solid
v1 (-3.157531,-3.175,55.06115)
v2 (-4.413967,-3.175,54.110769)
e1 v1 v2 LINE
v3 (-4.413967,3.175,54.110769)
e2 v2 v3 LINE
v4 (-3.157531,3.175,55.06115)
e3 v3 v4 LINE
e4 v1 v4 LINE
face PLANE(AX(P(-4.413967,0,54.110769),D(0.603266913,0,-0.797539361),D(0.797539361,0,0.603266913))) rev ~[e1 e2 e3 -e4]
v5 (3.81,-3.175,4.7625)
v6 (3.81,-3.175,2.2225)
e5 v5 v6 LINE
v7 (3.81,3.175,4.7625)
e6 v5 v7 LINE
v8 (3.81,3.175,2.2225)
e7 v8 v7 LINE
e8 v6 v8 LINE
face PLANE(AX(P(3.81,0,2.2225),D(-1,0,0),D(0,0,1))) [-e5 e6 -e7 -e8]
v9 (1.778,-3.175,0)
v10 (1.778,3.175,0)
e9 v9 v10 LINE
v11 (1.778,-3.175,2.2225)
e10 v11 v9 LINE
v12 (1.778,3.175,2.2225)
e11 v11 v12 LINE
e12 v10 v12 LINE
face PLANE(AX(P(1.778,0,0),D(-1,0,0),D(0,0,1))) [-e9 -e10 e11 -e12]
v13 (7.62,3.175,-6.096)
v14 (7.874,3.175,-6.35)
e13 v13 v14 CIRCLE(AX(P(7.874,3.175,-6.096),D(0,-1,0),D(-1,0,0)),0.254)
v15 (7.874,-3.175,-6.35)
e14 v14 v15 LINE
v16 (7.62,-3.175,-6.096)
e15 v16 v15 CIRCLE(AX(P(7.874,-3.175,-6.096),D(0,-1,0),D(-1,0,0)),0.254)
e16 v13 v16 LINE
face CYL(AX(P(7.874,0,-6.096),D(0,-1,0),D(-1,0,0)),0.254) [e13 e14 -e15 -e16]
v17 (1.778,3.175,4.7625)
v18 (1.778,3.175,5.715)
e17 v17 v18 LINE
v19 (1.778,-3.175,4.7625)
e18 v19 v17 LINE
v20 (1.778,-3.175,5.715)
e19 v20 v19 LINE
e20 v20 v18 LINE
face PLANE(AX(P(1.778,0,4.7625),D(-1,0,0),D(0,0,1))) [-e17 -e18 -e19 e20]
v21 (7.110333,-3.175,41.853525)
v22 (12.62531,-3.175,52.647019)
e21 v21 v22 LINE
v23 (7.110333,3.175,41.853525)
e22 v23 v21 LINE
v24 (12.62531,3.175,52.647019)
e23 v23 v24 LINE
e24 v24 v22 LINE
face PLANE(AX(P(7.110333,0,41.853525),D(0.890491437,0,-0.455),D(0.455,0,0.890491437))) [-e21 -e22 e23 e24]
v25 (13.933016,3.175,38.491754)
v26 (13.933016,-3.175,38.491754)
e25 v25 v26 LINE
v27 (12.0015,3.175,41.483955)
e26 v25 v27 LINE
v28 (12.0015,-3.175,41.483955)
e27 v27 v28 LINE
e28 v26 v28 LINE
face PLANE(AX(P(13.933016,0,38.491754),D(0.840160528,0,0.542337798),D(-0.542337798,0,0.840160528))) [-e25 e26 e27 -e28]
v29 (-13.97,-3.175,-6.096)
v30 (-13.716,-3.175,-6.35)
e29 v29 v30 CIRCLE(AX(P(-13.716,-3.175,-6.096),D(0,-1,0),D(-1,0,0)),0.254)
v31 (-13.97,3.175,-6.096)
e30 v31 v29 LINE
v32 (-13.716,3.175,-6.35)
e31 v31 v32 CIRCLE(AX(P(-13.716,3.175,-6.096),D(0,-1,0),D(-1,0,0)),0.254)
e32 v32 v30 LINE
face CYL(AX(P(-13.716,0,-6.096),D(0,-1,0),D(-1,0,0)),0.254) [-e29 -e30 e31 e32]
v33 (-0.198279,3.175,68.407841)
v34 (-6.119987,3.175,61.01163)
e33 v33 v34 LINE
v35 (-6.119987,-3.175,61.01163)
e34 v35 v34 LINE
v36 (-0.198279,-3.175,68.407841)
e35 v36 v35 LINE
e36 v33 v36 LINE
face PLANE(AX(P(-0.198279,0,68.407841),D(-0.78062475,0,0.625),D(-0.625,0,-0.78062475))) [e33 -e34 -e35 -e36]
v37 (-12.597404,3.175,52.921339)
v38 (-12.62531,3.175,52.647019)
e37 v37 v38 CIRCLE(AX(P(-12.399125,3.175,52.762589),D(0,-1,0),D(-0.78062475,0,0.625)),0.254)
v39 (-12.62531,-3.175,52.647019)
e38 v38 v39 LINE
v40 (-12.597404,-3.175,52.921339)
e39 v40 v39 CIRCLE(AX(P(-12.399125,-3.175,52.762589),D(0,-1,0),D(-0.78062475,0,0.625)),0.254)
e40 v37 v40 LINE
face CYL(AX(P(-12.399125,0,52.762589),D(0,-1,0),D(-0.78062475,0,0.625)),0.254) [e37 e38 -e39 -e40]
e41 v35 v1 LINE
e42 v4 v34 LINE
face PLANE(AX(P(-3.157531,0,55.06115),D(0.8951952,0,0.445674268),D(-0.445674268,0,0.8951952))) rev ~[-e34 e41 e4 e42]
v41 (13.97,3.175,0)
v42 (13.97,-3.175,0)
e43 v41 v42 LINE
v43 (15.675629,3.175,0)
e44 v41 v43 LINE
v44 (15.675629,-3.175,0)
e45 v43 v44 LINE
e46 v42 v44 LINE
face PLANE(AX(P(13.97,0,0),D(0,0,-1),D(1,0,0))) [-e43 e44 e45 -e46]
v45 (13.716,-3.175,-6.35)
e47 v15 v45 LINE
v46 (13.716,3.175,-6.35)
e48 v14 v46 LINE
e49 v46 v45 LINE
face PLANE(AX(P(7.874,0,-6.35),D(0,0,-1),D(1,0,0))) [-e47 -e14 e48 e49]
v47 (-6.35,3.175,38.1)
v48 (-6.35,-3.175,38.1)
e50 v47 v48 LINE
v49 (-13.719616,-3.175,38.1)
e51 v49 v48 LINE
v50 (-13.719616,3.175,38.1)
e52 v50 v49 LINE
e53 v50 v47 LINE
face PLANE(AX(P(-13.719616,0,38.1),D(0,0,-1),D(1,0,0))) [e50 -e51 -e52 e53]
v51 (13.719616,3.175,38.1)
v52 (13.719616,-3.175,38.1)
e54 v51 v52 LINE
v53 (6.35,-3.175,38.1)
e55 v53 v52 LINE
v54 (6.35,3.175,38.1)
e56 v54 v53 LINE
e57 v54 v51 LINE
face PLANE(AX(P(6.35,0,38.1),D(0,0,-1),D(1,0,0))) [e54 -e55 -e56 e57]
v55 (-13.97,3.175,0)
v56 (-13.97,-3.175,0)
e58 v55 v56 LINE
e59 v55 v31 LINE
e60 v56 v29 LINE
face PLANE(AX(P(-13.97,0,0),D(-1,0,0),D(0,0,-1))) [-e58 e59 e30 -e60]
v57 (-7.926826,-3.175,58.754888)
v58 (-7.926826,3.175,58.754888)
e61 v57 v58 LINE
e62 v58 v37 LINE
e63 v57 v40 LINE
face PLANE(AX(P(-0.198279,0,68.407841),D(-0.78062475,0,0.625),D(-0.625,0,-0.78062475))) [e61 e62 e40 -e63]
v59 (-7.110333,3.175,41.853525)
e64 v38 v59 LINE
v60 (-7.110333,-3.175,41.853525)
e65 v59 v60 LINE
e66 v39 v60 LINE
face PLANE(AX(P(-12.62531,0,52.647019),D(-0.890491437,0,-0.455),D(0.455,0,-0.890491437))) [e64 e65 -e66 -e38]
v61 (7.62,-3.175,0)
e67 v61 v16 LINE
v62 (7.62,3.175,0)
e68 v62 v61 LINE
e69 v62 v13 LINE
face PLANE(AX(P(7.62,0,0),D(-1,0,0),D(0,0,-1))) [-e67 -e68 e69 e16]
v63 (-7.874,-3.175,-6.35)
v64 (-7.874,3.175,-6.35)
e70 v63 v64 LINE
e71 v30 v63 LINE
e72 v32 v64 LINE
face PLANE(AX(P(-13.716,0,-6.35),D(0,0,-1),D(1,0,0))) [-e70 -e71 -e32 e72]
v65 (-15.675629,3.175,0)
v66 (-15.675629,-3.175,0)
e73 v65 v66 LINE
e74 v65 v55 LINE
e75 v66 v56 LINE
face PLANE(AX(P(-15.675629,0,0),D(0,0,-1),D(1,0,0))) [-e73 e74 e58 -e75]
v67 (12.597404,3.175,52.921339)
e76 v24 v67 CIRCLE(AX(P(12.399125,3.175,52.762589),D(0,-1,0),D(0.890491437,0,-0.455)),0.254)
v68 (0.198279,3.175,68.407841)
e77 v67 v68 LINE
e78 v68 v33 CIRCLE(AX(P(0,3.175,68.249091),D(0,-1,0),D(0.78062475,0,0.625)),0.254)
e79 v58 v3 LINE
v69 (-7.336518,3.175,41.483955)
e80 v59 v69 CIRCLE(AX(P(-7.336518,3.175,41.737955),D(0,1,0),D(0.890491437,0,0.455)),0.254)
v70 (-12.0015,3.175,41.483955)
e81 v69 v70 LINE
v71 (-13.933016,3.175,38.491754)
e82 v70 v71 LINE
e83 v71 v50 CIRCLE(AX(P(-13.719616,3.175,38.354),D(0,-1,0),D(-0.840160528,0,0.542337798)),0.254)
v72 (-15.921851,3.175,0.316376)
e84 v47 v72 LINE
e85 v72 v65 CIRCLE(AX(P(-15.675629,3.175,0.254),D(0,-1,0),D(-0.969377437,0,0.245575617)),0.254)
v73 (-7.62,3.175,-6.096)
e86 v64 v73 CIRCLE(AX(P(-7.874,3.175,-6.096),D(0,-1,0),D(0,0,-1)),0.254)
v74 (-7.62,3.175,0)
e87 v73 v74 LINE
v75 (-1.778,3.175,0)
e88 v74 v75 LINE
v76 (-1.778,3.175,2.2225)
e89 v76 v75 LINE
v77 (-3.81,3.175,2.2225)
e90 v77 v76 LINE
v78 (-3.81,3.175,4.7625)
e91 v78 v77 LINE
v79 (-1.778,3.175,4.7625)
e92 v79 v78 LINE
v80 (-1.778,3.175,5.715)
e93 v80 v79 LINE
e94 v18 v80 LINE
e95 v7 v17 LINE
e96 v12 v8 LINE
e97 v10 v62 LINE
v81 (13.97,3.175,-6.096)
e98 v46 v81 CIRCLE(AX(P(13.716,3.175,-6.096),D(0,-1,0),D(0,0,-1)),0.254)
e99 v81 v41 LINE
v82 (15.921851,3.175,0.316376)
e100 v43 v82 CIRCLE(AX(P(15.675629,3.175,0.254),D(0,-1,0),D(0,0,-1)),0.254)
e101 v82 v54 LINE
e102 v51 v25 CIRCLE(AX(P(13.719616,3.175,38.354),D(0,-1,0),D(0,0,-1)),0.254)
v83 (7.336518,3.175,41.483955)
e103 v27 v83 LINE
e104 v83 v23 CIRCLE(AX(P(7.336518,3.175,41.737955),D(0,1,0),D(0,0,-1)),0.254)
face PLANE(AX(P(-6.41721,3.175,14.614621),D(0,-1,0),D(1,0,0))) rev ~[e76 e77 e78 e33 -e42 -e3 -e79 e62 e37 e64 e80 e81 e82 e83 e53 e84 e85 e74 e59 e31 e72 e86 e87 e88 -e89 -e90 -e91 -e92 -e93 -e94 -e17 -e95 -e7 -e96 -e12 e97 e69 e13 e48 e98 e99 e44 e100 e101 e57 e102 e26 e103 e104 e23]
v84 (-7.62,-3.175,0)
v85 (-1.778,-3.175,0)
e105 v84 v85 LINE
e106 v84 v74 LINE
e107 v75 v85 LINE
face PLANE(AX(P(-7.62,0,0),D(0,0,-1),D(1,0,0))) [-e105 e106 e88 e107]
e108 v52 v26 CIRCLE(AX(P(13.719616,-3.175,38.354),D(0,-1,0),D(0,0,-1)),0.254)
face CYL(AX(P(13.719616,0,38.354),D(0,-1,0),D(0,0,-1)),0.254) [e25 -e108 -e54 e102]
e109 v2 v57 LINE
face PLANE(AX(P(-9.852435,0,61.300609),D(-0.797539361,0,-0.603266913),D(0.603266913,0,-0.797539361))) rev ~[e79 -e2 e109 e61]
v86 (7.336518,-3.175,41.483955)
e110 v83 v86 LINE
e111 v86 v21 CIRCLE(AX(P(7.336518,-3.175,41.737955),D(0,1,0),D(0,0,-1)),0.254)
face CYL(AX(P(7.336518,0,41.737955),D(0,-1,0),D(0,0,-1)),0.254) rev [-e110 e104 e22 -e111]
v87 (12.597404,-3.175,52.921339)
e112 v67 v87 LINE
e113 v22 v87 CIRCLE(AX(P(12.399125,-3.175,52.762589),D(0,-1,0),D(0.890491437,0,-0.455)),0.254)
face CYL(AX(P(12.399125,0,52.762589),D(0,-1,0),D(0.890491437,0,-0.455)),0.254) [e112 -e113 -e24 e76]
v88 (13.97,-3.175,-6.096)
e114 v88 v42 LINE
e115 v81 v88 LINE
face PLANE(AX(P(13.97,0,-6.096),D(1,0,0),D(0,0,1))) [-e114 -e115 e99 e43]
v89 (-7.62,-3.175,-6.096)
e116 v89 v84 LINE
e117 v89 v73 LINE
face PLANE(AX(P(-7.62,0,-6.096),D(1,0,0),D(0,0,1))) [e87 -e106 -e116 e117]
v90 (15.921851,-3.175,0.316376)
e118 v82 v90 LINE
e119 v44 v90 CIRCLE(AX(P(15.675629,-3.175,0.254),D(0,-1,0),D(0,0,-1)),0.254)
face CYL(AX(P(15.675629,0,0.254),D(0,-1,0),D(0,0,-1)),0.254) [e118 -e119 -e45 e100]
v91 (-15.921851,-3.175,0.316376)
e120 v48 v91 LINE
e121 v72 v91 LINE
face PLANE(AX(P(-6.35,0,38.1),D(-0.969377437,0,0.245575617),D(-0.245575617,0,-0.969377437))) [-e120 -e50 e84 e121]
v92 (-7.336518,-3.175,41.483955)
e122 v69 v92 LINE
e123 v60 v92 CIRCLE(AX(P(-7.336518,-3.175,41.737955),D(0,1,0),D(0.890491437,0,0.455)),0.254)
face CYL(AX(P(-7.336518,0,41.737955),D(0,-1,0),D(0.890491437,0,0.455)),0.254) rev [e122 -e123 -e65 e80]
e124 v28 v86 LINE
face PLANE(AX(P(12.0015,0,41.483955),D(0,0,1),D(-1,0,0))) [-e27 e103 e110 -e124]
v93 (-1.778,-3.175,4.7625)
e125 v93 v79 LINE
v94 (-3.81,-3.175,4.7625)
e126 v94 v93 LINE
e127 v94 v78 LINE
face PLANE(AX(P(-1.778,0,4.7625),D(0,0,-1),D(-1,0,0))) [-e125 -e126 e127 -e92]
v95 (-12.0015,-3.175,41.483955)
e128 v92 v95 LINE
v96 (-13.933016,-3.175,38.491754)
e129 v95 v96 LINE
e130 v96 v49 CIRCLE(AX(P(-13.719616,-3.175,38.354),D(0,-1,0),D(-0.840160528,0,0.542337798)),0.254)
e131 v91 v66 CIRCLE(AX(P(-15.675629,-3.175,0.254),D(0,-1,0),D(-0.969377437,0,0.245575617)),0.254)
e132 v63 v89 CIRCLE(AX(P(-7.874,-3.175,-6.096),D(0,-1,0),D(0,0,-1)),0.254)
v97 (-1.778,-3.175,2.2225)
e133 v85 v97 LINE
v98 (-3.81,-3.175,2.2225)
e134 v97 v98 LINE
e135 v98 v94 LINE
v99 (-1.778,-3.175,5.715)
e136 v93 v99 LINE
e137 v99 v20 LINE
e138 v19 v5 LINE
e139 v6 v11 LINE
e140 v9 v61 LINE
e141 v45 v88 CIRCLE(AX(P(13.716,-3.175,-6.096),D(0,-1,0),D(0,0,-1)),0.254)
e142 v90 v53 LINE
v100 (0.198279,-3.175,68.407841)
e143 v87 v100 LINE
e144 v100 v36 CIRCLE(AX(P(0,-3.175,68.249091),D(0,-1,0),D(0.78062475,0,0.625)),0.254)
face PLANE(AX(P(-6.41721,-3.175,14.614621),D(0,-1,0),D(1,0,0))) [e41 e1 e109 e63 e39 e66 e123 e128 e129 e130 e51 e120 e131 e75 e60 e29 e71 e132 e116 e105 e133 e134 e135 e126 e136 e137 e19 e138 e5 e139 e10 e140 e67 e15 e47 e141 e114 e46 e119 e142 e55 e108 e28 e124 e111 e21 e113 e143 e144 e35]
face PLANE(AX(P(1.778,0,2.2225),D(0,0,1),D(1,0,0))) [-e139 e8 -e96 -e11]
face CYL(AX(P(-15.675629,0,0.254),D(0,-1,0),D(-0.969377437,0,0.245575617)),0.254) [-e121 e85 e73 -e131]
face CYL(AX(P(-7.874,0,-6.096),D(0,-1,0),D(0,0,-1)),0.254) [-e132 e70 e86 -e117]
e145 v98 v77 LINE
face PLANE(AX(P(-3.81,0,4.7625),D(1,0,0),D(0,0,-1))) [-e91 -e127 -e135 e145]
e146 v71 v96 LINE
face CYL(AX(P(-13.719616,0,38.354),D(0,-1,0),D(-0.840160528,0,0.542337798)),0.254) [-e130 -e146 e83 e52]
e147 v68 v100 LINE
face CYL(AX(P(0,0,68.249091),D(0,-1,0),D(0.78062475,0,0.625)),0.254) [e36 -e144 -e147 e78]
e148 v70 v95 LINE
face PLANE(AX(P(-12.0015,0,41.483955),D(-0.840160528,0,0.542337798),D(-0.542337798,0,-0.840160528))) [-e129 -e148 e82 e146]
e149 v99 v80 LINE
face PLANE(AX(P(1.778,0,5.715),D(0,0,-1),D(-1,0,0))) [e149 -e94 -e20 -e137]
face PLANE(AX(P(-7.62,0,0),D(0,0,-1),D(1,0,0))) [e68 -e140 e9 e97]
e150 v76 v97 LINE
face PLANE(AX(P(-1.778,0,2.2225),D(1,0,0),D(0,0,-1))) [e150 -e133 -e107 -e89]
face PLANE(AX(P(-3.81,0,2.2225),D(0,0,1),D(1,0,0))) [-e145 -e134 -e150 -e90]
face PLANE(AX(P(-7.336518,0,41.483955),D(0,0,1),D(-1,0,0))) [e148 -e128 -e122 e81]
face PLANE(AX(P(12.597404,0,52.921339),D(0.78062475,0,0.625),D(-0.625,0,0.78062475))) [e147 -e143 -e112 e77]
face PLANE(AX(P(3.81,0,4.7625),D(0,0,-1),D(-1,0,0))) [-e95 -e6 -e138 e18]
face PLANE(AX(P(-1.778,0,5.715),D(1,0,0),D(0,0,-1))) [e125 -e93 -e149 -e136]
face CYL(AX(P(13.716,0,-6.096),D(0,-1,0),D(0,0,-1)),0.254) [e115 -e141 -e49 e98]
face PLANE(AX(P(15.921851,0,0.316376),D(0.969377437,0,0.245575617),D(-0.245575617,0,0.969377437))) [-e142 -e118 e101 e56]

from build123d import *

# Parameters (mm, degrees)
F1_DEPTH      = 3.175
F1_DEPTH_BACK = 3.175
F3_DEPTH      = 25.4
F3_DEPTH_BACK = 25.4
F5_DEPTH      = 25.4
F5_DEPTH_BACK = 25.4


with BuildPart() as f1:
    # F0 (on Front) → F1 (new body, two sides)
    with BuildSketch(Plane.XZ) as f1_sk:
        with BuildLine():
            Line((-7.62, 0), (0, 0))
            Line((0, 0), (0, 38.1))
            Line((0, 38.1), (-6.35, 38.1))
            Line((-6.35, 38.1), (-15.9218513609, 0.3163762068))
            ThreePointArc((-15.9218513609, 0.3163762068), (-15.8760784336, 0.0979992893), (-15.6756294918, 0))
            Line((-15.6756294918, 0), (-13.97, 0))
            Line((-13.97, 0), (-13.97, -6.096))
            ThreePointArc((-13.97, -6.096), (-13.8956051224, -6.2756051224), (-13.716, -6.35))
            Line((-13.716, -6.35), (-7.874, -6.35))
            ThreePointArc((-7.874, -6.35), (-7.6943948776, -6.2756051224), (-7.62, -6.096))
            Line((-7.62, -6.096), (-7.62, 0))
        make_face()
        with BuildLine():
            Line((0, 38.1), (0, 0))
            Line((0, 0), (7.62, 0))
            Line((7.62, 0), (7.62, -6.096))
            ThreePointArc((7.62, -6.096), (7.6943948776, -6.2756051224), (7.874, -6.35))
            Line((7.874, -6.35), (13.716, -6.35))
            ThreePointArc((13.716, -6.35), (13.8956051224, -6.2756051224), (13.97, -6.096))
            Line((13.97, -6.096), (13.97, 0))
            Line((13.97, 0), (15.6756294918, 0))
            ThreePointArc((15.6756294918, 0), (15.8760784336, 0.0979992893), (15.9218513609, 0.3163762068))
            Line((15.9218513609, 0.3163762068), (6.35, 38.1))
            Line((6.35, 38.1), (0, 38.1))
        make_face()
        with BuildLine():
            Line((-6.35, 38.1), (0, 38.1))
            Line((0, 38.1), (6.35, 38.1))
            Line((6.35, 38.1), (12.0015, 38.1))
            Line((12.0015, 38.1), (12.0015, 41.4839549129))
            Line((12.0015, 41.4839549129), (7.3365180277, 41.4839549129))
            ThreePointArc((7.3365180277, 41.4839549129), (7.1198722569, 41.6053630202), (7.1103332026, 41.8535249129))
            Line((7.1103332026, 41.8535249129), (12.6253100407, 52.6470186525))
            ThreePointArc((12.6253100407, 52.6470186525), (12.6518210481, 52.7882949989), (12.5974039021, 52.9213386525))
            Line((12.5974039021, 52.9213386525), (0.1982786864, 68.4078410832))
            ThreePointArc((0.1982786864, 68.4078410832), (0, 68.5030910832), (-0.1982786864, 68.4078410832))
            Line((-0.1982786864, 68.4078410832), (-12.5974039021, 52.9213386525))
            ThreePointArc((-12.5974039021, 52.9213386525), (-12.6518210481, 52.7882949989), (-12.6253100407, 52.6470186525))
            Line((-12.6253100407, 52.6470186525), (-7.1103332026, 41.8535249129))
            ThreePointArc((-7.1103332026, 41.8535249129), (-7.1198722569, 41.6053630202), (-7.3365180277, 41.4839549129))
            Line((-7.3365180277, 41.4839549129), (-12.0015, 41.4839549129))
            Line((-12.0015, 41.4839549129), (-12.0015, 38.1))
            Line((-12.0015, 38.1), (-6.35, 38.1))
        make_face()
        with BuildLine():
            Line((-13.7196155367, 38.1), (-12.0015, 38.1))
            Line((-12.0015, 38.1), (-12.0015, 41.4839549129))
            Line((-12.0015, 41.4839549129), (-13.9330163108, 38.4917538008))
            ThreePointArc((-13.9330163108, 38.4917538008), (-13.9426687427, 38.2324958136), (-13.7196155367, 38.1))
        make_face()
        with BuildLine():
            Line((12.0015, 41.4839549129), (12.0015, 38.1))
            Line((12.0015, 38.1), (13.7196155367, 38.1))
            ThreePointArc((13.7196155367, 38.1), (13.9426687427, 38.2324958136), (13.9330163108, 38.4917538008))
            Line((13.9330163108, 38.4917538008), (12.0015, 41.4839549129))
        make_face()
    extrude(amount=F1_DEPTH)
    extrude(f1_sk.sketch, amount=-F1_DEPTH_BACK)

    # F2 (on Front) → F3 (cut, two sides)
    with BuildSketch(Plane.XZ) as f3_sk:
        Polygon((-3.1575310771, 55.0611501542), (-7.7323545702, 64.2502829432), (-9.8524354398, 61.3006092608), (-4.4139670208, 54.1107691824), align=None)
    extrude(amount=-F3_DEPTH, mode=Mode.SUBTRACT)
    extrude(f3_sk.sketch, amount=F3_DEPTH_BACK, mode=Mode.SUBTRACT)

    # F4 (on Front) → F5 (cut, two sides)
    with BuildSketch(Plane.XZ) as f5_sk:
        Polygon((1.778, 5.715), (-1.778, 5.715), (-1.778, 4.7625), (-3.81, 4.7625), (-3.81, 2.2225), (-1.778, 2.2225), (-1.778, 0), (1.778, 0), (1.778, 2.2225), (3.81, 2.2225), (3.81, 4.7625), (1.778, 4.7625), align=None)
    extrude(amount=F5_DEPTH, mode=Mode.SUBTRACT)
    extrude(f5_sk.sketch, amount=-F5_DEPTH_BACK, mode=Mode.SUBTRACT)


solid = f1.part
